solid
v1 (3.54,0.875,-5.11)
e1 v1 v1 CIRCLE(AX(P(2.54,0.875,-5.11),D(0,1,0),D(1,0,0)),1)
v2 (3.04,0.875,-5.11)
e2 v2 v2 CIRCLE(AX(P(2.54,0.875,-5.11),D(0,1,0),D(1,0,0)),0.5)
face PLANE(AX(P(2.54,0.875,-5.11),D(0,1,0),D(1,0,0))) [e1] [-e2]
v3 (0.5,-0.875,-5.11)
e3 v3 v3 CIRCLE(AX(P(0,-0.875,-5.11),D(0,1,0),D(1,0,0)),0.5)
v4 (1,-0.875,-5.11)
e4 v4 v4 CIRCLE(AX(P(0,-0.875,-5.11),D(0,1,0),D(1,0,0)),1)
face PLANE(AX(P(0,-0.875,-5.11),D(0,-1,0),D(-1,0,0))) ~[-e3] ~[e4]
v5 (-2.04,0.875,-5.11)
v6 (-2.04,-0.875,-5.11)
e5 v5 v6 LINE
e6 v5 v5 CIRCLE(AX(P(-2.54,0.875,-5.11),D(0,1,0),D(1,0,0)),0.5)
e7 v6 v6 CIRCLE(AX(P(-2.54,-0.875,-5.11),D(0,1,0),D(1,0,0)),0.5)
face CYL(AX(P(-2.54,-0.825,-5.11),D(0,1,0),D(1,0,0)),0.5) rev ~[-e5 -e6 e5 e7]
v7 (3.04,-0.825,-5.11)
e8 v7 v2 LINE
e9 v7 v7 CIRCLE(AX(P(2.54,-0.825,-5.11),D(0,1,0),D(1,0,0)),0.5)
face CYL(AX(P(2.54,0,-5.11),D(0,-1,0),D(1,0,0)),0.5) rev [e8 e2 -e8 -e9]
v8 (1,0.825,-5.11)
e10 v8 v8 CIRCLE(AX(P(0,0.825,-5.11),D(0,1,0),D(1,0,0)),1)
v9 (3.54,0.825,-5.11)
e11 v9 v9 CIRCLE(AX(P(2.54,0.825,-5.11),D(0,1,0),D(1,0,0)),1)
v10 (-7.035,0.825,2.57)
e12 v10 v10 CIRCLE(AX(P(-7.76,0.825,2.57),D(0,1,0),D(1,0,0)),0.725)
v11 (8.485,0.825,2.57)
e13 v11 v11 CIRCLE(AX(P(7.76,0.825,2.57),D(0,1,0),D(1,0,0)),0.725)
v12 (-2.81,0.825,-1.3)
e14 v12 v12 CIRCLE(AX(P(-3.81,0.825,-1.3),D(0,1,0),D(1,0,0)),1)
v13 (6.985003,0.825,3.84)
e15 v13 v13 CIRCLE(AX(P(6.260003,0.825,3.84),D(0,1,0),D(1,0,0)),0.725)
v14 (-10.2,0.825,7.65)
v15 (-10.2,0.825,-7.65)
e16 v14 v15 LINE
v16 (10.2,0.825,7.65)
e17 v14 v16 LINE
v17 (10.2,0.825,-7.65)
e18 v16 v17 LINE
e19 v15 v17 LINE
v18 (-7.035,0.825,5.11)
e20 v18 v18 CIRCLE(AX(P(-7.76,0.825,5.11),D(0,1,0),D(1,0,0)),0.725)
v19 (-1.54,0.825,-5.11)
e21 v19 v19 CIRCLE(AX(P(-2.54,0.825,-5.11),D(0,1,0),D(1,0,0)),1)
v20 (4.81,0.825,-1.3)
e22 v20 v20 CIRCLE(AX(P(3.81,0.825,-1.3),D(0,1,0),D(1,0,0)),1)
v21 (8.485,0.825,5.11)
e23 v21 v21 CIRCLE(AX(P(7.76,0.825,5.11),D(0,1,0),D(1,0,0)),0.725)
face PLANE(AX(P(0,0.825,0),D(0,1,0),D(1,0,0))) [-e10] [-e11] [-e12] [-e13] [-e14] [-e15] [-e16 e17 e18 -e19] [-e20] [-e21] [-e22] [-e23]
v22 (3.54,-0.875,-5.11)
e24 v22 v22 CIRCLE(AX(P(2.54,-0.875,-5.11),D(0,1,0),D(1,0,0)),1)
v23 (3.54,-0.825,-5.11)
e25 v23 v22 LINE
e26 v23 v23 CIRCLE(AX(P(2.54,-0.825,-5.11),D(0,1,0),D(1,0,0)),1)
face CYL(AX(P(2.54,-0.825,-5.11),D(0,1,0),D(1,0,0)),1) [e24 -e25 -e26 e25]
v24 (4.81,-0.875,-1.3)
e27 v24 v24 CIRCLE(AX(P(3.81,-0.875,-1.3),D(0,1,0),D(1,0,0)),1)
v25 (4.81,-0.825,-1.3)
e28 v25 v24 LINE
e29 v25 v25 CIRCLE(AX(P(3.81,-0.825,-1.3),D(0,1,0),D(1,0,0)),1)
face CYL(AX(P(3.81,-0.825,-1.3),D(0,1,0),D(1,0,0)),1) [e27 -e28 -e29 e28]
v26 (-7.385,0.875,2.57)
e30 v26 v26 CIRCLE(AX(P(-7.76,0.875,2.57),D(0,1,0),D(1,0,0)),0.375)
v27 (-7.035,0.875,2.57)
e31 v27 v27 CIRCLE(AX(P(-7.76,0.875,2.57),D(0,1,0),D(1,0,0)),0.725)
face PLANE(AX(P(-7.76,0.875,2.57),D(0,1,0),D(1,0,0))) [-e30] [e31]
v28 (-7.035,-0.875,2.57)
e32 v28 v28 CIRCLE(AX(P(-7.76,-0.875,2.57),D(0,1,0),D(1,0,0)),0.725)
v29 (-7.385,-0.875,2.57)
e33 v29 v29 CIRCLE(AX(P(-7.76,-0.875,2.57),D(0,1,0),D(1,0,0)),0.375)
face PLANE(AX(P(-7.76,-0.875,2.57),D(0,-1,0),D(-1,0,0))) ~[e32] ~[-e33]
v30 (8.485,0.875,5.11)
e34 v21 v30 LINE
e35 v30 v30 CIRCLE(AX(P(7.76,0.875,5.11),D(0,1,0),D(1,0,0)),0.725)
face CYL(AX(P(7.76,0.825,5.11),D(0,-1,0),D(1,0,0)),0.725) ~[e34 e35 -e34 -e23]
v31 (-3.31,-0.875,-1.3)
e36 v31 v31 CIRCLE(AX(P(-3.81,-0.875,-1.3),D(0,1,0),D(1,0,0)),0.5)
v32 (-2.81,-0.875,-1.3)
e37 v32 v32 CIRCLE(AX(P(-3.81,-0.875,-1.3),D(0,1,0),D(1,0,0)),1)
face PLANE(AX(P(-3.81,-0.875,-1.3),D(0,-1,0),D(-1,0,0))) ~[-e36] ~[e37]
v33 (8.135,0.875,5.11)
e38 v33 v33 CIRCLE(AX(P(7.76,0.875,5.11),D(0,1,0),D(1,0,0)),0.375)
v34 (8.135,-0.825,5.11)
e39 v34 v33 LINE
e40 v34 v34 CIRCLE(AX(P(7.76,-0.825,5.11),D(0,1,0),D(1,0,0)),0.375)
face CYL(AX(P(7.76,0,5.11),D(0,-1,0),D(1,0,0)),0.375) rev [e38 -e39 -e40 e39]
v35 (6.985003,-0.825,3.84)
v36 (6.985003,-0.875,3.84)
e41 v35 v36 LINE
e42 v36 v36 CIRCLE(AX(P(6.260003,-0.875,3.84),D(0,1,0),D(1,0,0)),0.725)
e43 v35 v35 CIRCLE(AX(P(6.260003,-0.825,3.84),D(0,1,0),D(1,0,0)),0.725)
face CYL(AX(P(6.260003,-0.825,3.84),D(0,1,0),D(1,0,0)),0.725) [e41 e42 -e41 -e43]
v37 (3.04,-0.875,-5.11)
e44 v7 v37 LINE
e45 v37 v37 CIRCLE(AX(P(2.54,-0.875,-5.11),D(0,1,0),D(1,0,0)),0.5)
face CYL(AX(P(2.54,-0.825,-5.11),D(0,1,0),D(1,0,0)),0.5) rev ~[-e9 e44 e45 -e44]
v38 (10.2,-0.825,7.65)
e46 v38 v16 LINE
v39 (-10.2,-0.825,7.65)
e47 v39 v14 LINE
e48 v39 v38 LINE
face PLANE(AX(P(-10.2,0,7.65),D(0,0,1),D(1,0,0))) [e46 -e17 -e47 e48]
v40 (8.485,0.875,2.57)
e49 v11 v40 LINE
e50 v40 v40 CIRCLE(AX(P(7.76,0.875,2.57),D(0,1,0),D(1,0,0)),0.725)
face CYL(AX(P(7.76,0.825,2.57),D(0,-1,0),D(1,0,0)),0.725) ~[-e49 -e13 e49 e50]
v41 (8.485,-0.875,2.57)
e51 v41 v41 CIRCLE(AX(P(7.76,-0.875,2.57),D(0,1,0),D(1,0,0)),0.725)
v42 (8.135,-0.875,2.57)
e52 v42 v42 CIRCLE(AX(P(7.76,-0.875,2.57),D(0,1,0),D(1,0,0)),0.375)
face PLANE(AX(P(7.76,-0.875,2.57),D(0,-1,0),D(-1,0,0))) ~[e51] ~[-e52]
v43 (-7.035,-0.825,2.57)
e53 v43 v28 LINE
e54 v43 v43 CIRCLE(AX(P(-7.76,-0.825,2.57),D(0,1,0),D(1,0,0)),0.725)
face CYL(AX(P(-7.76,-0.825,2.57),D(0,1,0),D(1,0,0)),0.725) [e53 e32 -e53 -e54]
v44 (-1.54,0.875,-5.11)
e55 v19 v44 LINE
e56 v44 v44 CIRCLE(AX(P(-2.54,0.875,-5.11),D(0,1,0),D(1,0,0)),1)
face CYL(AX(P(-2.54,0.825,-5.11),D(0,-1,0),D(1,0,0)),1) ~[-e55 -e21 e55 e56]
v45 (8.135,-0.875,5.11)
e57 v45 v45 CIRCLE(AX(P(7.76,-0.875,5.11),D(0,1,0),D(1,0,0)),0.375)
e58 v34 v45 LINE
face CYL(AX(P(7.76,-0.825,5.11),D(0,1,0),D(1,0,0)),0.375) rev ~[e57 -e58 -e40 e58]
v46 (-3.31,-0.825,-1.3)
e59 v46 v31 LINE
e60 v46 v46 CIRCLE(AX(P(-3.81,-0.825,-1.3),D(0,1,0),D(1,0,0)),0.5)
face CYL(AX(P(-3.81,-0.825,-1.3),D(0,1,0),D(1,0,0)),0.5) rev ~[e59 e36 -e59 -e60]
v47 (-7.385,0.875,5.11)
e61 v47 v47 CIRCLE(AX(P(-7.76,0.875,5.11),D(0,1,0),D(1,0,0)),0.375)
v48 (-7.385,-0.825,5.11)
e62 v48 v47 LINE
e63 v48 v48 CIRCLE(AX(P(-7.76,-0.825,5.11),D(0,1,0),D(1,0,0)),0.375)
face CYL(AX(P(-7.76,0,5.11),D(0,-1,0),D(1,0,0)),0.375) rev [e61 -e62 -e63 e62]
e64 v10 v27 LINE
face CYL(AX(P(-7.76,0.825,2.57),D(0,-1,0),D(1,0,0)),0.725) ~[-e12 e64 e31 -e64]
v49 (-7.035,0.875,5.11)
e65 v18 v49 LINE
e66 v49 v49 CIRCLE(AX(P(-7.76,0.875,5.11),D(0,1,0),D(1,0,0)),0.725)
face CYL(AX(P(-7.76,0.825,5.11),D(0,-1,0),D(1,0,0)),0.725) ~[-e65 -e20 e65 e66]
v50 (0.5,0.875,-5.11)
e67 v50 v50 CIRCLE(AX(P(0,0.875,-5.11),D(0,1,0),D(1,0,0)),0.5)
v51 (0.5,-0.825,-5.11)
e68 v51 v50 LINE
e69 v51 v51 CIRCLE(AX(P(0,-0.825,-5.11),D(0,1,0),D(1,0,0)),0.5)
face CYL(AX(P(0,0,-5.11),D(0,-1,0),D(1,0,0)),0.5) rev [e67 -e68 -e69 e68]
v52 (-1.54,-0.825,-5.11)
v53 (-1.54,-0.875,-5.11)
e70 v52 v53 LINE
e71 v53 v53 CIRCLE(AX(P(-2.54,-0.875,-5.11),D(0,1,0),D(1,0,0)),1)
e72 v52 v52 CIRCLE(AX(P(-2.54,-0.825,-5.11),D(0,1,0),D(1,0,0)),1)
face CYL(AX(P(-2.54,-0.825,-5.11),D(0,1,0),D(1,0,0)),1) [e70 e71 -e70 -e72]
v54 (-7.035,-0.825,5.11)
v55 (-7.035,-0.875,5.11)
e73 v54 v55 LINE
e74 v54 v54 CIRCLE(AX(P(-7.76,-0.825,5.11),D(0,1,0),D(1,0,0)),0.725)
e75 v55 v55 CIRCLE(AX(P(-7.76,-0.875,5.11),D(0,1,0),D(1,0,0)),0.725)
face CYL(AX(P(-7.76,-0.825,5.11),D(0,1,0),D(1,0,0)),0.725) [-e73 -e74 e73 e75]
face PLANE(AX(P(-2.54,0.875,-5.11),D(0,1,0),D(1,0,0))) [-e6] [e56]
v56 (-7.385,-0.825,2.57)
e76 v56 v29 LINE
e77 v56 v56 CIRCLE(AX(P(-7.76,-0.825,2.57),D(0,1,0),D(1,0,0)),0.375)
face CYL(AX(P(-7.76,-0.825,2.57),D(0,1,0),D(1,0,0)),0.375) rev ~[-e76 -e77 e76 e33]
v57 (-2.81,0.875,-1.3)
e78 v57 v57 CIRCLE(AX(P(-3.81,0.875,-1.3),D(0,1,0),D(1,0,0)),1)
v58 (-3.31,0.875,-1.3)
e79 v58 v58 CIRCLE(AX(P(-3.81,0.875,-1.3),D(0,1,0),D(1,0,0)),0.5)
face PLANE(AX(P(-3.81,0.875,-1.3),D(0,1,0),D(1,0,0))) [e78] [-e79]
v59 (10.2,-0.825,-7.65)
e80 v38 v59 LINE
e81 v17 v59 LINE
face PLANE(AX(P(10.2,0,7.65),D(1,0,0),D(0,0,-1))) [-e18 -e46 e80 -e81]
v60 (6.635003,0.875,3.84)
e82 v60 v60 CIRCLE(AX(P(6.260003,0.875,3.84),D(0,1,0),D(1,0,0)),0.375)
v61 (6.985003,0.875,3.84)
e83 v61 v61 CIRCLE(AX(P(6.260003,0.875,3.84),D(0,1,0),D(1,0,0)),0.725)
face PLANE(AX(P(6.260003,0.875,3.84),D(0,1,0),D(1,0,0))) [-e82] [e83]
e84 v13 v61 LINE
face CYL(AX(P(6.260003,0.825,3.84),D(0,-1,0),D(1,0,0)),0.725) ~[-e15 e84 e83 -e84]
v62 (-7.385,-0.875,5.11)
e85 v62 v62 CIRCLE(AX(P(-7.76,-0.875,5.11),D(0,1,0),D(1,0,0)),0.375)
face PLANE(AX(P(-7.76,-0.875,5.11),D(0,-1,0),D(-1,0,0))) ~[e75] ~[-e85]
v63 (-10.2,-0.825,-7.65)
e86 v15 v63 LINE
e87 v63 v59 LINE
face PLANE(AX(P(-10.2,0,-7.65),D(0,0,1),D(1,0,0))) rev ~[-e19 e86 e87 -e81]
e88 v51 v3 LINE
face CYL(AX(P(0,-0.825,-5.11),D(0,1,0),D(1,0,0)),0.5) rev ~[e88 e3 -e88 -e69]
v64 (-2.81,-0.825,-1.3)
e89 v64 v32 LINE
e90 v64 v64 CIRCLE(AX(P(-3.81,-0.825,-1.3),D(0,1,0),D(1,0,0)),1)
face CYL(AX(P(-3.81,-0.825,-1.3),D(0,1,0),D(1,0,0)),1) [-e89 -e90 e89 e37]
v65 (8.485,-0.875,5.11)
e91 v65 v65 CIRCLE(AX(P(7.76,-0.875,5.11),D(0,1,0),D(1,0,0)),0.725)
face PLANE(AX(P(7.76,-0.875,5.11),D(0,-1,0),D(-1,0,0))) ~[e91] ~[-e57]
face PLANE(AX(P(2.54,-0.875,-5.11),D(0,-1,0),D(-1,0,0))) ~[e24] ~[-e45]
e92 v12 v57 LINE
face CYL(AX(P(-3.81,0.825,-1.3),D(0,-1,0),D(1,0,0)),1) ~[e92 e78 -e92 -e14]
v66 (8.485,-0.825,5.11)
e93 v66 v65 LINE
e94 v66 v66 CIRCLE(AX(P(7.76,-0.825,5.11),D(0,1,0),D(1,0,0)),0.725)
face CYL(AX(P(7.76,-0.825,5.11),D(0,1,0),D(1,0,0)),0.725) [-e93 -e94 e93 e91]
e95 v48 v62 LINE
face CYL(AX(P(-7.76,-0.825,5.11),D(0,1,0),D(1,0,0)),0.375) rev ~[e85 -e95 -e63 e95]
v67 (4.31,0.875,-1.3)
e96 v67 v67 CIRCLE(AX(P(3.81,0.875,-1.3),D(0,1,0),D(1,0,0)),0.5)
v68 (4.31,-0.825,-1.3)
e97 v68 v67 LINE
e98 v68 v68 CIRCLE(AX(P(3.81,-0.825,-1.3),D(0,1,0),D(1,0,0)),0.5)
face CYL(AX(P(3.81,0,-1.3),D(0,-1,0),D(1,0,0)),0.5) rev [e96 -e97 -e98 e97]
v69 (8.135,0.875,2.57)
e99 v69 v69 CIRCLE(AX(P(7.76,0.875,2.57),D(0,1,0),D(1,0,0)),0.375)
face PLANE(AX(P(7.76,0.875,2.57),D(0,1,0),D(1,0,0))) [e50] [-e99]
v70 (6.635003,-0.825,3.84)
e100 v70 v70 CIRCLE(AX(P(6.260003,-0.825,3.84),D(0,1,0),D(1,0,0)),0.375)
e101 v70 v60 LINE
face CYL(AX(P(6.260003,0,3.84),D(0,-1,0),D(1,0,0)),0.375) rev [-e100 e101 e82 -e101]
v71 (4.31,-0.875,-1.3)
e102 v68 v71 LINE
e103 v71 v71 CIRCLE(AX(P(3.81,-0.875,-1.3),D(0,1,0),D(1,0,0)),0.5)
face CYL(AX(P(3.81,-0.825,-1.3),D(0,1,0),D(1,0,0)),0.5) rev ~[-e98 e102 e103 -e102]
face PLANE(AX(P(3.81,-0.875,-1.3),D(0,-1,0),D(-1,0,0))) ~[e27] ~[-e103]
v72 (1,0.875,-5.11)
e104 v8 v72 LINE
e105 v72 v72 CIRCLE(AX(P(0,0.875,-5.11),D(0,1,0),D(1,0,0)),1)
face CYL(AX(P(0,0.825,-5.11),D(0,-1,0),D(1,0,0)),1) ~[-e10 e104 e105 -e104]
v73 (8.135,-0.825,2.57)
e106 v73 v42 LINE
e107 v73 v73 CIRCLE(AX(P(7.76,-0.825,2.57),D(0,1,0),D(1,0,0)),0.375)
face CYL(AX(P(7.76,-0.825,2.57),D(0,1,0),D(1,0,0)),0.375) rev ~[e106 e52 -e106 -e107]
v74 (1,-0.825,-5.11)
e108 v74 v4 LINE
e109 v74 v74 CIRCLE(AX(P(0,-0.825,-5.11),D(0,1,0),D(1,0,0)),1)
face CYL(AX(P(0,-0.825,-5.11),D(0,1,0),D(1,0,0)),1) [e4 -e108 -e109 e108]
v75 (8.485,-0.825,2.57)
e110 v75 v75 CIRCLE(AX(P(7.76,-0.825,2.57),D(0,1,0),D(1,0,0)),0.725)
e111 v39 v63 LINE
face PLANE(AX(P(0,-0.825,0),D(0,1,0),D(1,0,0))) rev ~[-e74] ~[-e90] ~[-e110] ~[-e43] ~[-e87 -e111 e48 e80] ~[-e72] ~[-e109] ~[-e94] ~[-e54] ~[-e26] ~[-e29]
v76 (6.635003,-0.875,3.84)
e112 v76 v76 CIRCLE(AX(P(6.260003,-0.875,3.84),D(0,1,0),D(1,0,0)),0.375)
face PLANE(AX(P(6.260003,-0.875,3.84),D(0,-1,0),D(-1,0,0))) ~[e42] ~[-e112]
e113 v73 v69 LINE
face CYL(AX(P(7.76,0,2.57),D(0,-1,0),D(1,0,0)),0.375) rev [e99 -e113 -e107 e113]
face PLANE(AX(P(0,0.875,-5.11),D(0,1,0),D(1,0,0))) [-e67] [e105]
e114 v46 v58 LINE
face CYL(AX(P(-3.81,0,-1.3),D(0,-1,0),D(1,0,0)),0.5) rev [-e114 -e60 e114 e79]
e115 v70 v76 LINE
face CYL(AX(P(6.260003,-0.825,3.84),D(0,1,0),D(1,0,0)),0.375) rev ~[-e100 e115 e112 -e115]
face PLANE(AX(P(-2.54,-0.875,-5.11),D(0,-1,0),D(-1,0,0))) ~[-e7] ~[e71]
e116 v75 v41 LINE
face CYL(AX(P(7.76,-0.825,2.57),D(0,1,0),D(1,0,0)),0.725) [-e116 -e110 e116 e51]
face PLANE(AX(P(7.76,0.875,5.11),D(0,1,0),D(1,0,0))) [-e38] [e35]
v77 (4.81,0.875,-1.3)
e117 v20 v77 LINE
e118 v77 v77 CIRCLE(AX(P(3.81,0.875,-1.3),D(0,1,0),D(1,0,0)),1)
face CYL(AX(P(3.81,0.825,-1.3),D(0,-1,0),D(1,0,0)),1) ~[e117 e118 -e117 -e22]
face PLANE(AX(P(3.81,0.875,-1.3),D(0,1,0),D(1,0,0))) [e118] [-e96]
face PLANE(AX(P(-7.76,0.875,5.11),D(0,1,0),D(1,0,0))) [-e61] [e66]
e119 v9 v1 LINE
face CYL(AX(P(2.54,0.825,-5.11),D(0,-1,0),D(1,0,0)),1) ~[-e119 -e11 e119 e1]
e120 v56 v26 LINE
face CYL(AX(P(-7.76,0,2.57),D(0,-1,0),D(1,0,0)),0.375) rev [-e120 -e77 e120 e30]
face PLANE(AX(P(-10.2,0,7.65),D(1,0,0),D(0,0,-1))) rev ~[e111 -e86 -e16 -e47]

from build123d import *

# Parameters (mm, degrees)
SKETCH3_W           = 20.4
SKETCH3_H           = 15.3
SKETCH3_R           = 0.5
SKETCH3_R_2         = 0.375
BOSS_EXTRUDE2_DEPTH = 0.825
SKETCH5_R           = 1
SKETCH5_R_2         = 0.5
SKETCH5_R_3         = 0.725
SKETCH5_R_4         = 0.375
BOSS_EXTRUDE3_DEPTH = 0.05


with BuildPart() as part:
    # Sketch3 → Boss-Extrude2 (new body, symmetric)
    with BuildSketch(Plane(origin=(0, 0, 0), x_dir=(1, 0, 0), z_dir=(0, 1, 0))):
        Rectangle(SKETCH3_W, SKETCH3_H)
        with Locations((-2.54, 5.11)):
            Circle(SKETCH3_R, mode=Mode.SUBTRACT)
        with Locations((0, 5.11)):
            Circle(SKETCH3_R, mode=Mode.SUBTRACT)
        with Locations((2.54, 5.11)):
            Circle(SKETCH3_R, mode=Mode.SUBTRACT)
        with Locations((-7.76, -2.57)):
            Circle(SKETCH3_R_2, mode=Mode.SUBTRACT)
        with Locations((-7.76, -5.11)):
            Circle(SKETCH3_R_2, mode=Mode.SUBTRACT)
        with Locations((7.76, -2.57)):
            Circle(SKETCH3_R_2, mode=Mode.SUBTRACT)
        with Locations((7.76, -5.11)):
            Circle(SKETCH3_R_2, mode=Mode.SUBTRACT)
        with Locations((6.260003, -3.84)):
            Circle(SKETCH3_R_2, mode=Mode.SUBTRACT)
        with Locations((-3.81, 1.3)):
            Circle(SKETCH3_R, mode=Mode.SUBTRACT)
        with Locations((3.81, 1.3)):
            Circle(SKETCH3_R, mode=Mode.SUBTRACT)
    extrude(amount=BOSS_EXTRUDE2_DEPTH, both=True)

    # Sketch5 → Boss-Extrude3 (add)
    with BuildSketch(Plane(origin=(0, 0.825, 0), x_dir=(1, 0, 0), z_dir=(0, 1, 0))):
        with Locations((-2.54, 5.11)):
            Circle(SKETCH5_R)
        with Locations((-2.54, 5.11)):
            Circle(SKETCH5_R_2, mode=Mode.SUBTRACT)
        with Locations((0, 5.11)):
            Circle(SKETCH5_R)
        with Locations((0, 5.11)):
            Circle(SKETCH5_R_2, mode=Mode.SUBTRACT)
        with Locations((2.54, 5.11)):
            Circle(SKETCH5_R)
        with Locations((2.54, 5.11)):
            Circle(SKETCH5_R_2, mode=Mode.SUBTRACT)
        with Locations((3.81, 1.3)):
            Circle(SKETCH5_R)
        with Locations((3.81, 1.3)):
            Circle(SKETCH5_R_2, mode=Mode.SUBTRACT)
        with Locations((-3.81, 1.3)):
            Circle(SKETCH5_R)
        with Locations((-3.81, 1.3)):
            Circle(SKETCH5_R_2, mode=Mode.SUBTRACT)
        with Locations((-7.76, -2.57)):
            Circle(SKETCH5_R_3)
        with Locations((-7.76, -2.57)):
            Circle(SKETCH5_R_4, mode=Mode.SUBTRACT)
        with Locations((-7.76, -5.11)):
            Circle(SKETCH5_R_3)
        with Locations((-7.76, -5.11)):
            Circle(SKETCH5_R_4, mode=Mode.SUBTRACT)
        with Locations((6.260003, -3.84)):
            Circle(SKETCH5_R_3)
        with Locations((6.260003, -3.84)):
            Circle(SKETCH5_R_4, mode=Mode.SUBTRACT)
        with Locations((7.76, -5.11)):
            Circle(SKETCH5_R_3)
        with Locations((7.76, -5.11)):
            Circle(SKETCH5_R_4, mode=Mode.SUBTRACT)
        with Locations((7.76, -2.57)):
            Circle(SKETCH5_R_3)
        with Locations((7.76, -2.57)):
            Circle(SKETCH5_R_4, mode=Mode.SUBTRACT)
    boss_extrude3 = extrude(amount=BOSS_EXTRUDE3_DEPTH)

    # Mirror1: Boss-Extrude3 across plane
    add(boss_extrude3.mirror(Plane.ZX))


solid = part.part
